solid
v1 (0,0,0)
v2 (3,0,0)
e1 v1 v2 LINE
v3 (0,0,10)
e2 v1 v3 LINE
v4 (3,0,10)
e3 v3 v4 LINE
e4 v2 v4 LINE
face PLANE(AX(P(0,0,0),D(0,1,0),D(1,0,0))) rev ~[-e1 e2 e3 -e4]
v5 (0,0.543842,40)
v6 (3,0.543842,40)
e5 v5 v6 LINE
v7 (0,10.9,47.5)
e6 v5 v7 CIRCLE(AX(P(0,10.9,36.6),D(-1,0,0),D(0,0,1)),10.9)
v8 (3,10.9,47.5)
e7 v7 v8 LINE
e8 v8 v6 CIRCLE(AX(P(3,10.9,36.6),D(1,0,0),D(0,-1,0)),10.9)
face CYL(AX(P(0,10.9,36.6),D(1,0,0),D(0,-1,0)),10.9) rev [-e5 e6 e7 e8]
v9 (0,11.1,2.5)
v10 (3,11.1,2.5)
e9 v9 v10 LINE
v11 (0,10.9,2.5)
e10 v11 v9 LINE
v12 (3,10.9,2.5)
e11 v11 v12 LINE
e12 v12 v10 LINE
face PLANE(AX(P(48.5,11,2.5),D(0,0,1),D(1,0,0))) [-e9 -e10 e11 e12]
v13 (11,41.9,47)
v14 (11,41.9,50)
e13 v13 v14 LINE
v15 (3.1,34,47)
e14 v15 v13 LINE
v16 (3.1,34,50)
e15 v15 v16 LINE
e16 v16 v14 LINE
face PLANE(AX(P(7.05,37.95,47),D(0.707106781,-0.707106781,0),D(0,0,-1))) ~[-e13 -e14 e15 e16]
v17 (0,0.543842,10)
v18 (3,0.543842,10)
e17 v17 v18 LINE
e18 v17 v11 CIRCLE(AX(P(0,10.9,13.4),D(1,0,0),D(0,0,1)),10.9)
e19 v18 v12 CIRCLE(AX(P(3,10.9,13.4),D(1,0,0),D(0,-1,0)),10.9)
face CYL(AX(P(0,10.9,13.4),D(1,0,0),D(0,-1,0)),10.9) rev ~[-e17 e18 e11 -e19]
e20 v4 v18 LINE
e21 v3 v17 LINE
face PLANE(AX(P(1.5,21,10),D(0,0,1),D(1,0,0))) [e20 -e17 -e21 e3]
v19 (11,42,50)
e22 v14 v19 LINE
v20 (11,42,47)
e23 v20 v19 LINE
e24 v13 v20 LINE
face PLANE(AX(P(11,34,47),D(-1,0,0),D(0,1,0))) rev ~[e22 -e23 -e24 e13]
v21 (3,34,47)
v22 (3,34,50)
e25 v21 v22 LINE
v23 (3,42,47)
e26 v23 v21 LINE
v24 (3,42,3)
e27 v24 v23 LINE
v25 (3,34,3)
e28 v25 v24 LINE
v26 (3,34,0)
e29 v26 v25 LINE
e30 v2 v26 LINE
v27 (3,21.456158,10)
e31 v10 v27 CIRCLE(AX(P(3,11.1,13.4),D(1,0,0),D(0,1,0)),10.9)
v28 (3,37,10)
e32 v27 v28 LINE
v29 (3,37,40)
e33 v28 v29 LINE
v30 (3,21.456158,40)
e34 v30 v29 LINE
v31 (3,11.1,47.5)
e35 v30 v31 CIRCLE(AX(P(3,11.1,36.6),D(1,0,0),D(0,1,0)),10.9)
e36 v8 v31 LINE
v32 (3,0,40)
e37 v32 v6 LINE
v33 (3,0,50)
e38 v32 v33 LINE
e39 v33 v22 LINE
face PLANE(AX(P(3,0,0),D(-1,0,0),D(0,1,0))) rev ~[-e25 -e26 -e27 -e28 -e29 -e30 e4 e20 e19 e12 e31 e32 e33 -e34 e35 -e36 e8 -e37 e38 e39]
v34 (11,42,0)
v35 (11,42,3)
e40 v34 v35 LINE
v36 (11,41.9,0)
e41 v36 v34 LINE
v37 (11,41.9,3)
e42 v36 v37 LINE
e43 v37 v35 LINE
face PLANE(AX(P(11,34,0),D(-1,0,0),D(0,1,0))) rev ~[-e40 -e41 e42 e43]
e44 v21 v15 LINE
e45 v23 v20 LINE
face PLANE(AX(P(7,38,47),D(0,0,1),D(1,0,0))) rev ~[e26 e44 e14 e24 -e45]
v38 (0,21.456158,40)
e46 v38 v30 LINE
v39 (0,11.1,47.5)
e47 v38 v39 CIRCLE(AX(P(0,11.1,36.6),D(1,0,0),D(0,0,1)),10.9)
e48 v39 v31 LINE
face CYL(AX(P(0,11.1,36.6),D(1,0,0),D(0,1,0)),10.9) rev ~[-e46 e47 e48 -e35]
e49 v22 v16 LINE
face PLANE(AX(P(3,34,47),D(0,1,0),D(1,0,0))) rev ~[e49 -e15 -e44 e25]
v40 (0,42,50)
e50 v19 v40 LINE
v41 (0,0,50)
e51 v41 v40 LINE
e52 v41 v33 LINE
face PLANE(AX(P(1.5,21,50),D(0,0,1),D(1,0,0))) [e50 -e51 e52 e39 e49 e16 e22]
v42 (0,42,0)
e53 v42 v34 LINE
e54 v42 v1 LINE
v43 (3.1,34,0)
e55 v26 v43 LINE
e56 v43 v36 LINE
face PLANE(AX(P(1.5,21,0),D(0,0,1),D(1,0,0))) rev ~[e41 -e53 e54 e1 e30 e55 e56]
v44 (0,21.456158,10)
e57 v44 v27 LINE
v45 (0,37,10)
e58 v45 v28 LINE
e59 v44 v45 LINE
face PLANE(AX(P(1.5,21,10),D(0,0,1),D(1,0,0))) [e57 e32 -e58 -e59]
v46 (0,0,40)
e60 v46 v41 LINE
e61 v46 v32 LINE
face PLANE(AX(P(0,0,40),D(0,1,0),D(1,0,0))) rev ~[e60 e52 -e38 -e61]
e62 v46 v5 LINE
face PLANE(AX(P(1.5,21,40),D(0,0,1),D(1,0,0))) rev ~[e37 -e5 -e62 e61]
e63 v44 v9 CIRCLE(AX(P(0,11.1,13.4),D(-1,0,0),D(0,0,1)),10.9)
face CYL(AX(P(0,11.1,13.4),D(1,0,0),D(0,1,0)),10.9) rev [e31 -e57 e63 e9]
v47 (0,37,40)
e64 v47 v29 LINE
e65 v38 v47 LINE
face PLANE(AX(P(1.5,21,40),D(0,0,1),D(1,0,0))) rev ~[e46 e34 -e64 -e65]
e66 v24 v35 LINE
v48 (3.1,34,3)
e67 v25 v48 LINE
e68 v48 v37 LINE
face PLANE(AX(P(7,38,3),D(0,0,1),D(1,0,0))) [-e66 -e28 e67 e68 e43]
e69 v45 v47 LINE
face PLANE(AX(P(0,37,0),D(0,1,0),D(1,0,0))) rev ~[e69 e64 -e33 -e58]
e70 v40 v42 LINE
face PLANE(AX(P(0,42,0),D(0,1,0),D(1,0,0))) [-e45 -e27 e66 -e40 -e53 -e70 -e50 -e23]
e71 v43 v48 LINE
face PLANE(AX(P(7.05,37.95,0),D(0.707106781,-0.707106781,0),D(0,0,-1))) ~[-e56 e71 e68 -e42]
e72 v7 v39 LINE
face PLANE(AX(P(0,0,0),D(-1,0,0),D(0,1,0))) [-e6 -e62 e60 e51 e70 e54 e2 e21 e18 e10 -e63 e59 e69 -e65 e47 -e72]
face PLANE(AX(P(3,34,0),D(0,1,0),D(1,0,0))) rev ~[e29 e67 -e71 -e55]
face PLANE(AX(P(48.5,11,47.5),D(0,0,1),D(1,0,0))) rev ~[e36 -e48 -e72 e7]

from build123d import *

# Parameters (mm, degrees)
BOX272_W        = 97
BOX272_H        = 22
BOX272_DEPTH    = 45
FILLET031_R     = 10.9
BOX274_W        = 8
BOX274_H        = 8
BOX274_DEPTH    = 3
CHAMFER049_SIZE = 7.9
BOX266_W        = 3
BOX266_H        = 5
BOX266_DEPTH    = 50
BOX265_W        = 3
BOX265_H        = 42
BOX265_DEPTH    = 10
BOX264_W        = 3
BOX264_H        = 42
BOX264_DEPTH    = 10
BOX275_W        = 8
BOX275_H        = 8
BOX275_DEPTH    = 3
CHAMFER050_SIZE = 7.9


with BuildPart() as battery_pack001:
    # Box272 → Box272 (new body)
    with BuildSketch(Plane.XY):
        with Locations((48.5, 11)):
            Rectangle(BOX272_W, BOX272_H)
    extrude(amount=BOX272_DEPTH)

    # Fillet031
    fillet031_edges = [battery_pack001.edges().sort_by_distance(p)[0] for p in [
        (48.5, 0, 0),
        (48.5, 0, 45),
        (48.5, 22, 0),
        (48.5, 22, 45),
    ]]
    fillet(fillet031_edges, radius=FILLET031_R)


with BuildPart() as battery_pack001_1:
    # Fillet031 placement: moved
    add(battery_pack001.part.moved(Location((0, 0, 2.5))))


with BuildPart() as chamfer049:
    # Box274 → Box274 (new body)
    with BuildSketch(Plane(origin=(3, 32, 0), x_dir=(1, 0, 0), z_dir=(0, 0, 1))):
        with Locations((4, 4)):
            Rectangle(BOX274_W, BOX274_H)
    extrude(amount=BOX274_DEPTH)

    # Chamfer049
    chamfer049_edges = [chamfer049.edges().sort_by_distance(p)[0] for p in [
        (11, 32, 1.5),
    ]]
    chamfer(chamfer049_edges, length=CHAMFER049_SIZE)


with BuildPart() as chamfer049_1:
    # Chamfer049 placement: moved
    add(chamfer049.part.moved(Location((0, 2, 47))))


with BuildPart() as cube238:
    # Box266 → Box266 (new body)
    with BuildSketch(Plane(origin=(0, 37, 0), x_dir=(1, 0, 0), z_dir=(0, 0, 1))):
        with Locations((1.5, 2.5)):
            Rectangle(BOX266_W, BOX266_H)
    extrude(amount=BOX266_DEPTH)


with BuildPart() as cube237:
    # Box265 → Box265 (new body)
    with BuildSketch(Plane.XY.offset(40)):
        with Locations((1.5, 21)):
            Rectangle(BOX265_W, BOX265_H)
    extrude(amount=BOX265_DEPTH)


with BuildPart() as cube236:
    # Box264 → Box264 (new body)
    with BuildSketch(Plane.XY):
        with Locations((1.5, 21)):
            Rectangle(BOX264_W, BOX264_H)
    extrude(amount=BOX264_DEPTH)


with BuildPart() as cut:
    # Box275 → Box275 (new body)
    with BuildSketch(Plane(origin=(3, 32, 0), x_dir=(1, 0, 0), z_dir=(0, 0, 1))):
        with Locations((4, 4)):
            Rectangle(BOX275_W, BOX275_H)
    extrude(amount=BOX275_DEPTH)

    # Chamfer050
    chamfer050_edges = [cut.edges().sort_by_distance(p)[0] for p in [
        (11, 32, 1.5),
    ]]
    chamfer(chamfer050_edges, length=CHAMFER050_SIZE)


with BuildPart() as cut_1:
    # Chamfer050 placement: moved
    add(cut.part.moved(Location((0, 2, 0))))

    # Fusion073: union Chamfer049, Cube238, Cube237, Cube236
    add(chamfer049_1.part)
    add(cube238.part)
    add(cube237.part)
    add(cube236.part)

    # Cut: cut Battery pack001
    add(battery_pack001_1.part, mode=Mode.SUBTRACT)


solid = cut_1.part
